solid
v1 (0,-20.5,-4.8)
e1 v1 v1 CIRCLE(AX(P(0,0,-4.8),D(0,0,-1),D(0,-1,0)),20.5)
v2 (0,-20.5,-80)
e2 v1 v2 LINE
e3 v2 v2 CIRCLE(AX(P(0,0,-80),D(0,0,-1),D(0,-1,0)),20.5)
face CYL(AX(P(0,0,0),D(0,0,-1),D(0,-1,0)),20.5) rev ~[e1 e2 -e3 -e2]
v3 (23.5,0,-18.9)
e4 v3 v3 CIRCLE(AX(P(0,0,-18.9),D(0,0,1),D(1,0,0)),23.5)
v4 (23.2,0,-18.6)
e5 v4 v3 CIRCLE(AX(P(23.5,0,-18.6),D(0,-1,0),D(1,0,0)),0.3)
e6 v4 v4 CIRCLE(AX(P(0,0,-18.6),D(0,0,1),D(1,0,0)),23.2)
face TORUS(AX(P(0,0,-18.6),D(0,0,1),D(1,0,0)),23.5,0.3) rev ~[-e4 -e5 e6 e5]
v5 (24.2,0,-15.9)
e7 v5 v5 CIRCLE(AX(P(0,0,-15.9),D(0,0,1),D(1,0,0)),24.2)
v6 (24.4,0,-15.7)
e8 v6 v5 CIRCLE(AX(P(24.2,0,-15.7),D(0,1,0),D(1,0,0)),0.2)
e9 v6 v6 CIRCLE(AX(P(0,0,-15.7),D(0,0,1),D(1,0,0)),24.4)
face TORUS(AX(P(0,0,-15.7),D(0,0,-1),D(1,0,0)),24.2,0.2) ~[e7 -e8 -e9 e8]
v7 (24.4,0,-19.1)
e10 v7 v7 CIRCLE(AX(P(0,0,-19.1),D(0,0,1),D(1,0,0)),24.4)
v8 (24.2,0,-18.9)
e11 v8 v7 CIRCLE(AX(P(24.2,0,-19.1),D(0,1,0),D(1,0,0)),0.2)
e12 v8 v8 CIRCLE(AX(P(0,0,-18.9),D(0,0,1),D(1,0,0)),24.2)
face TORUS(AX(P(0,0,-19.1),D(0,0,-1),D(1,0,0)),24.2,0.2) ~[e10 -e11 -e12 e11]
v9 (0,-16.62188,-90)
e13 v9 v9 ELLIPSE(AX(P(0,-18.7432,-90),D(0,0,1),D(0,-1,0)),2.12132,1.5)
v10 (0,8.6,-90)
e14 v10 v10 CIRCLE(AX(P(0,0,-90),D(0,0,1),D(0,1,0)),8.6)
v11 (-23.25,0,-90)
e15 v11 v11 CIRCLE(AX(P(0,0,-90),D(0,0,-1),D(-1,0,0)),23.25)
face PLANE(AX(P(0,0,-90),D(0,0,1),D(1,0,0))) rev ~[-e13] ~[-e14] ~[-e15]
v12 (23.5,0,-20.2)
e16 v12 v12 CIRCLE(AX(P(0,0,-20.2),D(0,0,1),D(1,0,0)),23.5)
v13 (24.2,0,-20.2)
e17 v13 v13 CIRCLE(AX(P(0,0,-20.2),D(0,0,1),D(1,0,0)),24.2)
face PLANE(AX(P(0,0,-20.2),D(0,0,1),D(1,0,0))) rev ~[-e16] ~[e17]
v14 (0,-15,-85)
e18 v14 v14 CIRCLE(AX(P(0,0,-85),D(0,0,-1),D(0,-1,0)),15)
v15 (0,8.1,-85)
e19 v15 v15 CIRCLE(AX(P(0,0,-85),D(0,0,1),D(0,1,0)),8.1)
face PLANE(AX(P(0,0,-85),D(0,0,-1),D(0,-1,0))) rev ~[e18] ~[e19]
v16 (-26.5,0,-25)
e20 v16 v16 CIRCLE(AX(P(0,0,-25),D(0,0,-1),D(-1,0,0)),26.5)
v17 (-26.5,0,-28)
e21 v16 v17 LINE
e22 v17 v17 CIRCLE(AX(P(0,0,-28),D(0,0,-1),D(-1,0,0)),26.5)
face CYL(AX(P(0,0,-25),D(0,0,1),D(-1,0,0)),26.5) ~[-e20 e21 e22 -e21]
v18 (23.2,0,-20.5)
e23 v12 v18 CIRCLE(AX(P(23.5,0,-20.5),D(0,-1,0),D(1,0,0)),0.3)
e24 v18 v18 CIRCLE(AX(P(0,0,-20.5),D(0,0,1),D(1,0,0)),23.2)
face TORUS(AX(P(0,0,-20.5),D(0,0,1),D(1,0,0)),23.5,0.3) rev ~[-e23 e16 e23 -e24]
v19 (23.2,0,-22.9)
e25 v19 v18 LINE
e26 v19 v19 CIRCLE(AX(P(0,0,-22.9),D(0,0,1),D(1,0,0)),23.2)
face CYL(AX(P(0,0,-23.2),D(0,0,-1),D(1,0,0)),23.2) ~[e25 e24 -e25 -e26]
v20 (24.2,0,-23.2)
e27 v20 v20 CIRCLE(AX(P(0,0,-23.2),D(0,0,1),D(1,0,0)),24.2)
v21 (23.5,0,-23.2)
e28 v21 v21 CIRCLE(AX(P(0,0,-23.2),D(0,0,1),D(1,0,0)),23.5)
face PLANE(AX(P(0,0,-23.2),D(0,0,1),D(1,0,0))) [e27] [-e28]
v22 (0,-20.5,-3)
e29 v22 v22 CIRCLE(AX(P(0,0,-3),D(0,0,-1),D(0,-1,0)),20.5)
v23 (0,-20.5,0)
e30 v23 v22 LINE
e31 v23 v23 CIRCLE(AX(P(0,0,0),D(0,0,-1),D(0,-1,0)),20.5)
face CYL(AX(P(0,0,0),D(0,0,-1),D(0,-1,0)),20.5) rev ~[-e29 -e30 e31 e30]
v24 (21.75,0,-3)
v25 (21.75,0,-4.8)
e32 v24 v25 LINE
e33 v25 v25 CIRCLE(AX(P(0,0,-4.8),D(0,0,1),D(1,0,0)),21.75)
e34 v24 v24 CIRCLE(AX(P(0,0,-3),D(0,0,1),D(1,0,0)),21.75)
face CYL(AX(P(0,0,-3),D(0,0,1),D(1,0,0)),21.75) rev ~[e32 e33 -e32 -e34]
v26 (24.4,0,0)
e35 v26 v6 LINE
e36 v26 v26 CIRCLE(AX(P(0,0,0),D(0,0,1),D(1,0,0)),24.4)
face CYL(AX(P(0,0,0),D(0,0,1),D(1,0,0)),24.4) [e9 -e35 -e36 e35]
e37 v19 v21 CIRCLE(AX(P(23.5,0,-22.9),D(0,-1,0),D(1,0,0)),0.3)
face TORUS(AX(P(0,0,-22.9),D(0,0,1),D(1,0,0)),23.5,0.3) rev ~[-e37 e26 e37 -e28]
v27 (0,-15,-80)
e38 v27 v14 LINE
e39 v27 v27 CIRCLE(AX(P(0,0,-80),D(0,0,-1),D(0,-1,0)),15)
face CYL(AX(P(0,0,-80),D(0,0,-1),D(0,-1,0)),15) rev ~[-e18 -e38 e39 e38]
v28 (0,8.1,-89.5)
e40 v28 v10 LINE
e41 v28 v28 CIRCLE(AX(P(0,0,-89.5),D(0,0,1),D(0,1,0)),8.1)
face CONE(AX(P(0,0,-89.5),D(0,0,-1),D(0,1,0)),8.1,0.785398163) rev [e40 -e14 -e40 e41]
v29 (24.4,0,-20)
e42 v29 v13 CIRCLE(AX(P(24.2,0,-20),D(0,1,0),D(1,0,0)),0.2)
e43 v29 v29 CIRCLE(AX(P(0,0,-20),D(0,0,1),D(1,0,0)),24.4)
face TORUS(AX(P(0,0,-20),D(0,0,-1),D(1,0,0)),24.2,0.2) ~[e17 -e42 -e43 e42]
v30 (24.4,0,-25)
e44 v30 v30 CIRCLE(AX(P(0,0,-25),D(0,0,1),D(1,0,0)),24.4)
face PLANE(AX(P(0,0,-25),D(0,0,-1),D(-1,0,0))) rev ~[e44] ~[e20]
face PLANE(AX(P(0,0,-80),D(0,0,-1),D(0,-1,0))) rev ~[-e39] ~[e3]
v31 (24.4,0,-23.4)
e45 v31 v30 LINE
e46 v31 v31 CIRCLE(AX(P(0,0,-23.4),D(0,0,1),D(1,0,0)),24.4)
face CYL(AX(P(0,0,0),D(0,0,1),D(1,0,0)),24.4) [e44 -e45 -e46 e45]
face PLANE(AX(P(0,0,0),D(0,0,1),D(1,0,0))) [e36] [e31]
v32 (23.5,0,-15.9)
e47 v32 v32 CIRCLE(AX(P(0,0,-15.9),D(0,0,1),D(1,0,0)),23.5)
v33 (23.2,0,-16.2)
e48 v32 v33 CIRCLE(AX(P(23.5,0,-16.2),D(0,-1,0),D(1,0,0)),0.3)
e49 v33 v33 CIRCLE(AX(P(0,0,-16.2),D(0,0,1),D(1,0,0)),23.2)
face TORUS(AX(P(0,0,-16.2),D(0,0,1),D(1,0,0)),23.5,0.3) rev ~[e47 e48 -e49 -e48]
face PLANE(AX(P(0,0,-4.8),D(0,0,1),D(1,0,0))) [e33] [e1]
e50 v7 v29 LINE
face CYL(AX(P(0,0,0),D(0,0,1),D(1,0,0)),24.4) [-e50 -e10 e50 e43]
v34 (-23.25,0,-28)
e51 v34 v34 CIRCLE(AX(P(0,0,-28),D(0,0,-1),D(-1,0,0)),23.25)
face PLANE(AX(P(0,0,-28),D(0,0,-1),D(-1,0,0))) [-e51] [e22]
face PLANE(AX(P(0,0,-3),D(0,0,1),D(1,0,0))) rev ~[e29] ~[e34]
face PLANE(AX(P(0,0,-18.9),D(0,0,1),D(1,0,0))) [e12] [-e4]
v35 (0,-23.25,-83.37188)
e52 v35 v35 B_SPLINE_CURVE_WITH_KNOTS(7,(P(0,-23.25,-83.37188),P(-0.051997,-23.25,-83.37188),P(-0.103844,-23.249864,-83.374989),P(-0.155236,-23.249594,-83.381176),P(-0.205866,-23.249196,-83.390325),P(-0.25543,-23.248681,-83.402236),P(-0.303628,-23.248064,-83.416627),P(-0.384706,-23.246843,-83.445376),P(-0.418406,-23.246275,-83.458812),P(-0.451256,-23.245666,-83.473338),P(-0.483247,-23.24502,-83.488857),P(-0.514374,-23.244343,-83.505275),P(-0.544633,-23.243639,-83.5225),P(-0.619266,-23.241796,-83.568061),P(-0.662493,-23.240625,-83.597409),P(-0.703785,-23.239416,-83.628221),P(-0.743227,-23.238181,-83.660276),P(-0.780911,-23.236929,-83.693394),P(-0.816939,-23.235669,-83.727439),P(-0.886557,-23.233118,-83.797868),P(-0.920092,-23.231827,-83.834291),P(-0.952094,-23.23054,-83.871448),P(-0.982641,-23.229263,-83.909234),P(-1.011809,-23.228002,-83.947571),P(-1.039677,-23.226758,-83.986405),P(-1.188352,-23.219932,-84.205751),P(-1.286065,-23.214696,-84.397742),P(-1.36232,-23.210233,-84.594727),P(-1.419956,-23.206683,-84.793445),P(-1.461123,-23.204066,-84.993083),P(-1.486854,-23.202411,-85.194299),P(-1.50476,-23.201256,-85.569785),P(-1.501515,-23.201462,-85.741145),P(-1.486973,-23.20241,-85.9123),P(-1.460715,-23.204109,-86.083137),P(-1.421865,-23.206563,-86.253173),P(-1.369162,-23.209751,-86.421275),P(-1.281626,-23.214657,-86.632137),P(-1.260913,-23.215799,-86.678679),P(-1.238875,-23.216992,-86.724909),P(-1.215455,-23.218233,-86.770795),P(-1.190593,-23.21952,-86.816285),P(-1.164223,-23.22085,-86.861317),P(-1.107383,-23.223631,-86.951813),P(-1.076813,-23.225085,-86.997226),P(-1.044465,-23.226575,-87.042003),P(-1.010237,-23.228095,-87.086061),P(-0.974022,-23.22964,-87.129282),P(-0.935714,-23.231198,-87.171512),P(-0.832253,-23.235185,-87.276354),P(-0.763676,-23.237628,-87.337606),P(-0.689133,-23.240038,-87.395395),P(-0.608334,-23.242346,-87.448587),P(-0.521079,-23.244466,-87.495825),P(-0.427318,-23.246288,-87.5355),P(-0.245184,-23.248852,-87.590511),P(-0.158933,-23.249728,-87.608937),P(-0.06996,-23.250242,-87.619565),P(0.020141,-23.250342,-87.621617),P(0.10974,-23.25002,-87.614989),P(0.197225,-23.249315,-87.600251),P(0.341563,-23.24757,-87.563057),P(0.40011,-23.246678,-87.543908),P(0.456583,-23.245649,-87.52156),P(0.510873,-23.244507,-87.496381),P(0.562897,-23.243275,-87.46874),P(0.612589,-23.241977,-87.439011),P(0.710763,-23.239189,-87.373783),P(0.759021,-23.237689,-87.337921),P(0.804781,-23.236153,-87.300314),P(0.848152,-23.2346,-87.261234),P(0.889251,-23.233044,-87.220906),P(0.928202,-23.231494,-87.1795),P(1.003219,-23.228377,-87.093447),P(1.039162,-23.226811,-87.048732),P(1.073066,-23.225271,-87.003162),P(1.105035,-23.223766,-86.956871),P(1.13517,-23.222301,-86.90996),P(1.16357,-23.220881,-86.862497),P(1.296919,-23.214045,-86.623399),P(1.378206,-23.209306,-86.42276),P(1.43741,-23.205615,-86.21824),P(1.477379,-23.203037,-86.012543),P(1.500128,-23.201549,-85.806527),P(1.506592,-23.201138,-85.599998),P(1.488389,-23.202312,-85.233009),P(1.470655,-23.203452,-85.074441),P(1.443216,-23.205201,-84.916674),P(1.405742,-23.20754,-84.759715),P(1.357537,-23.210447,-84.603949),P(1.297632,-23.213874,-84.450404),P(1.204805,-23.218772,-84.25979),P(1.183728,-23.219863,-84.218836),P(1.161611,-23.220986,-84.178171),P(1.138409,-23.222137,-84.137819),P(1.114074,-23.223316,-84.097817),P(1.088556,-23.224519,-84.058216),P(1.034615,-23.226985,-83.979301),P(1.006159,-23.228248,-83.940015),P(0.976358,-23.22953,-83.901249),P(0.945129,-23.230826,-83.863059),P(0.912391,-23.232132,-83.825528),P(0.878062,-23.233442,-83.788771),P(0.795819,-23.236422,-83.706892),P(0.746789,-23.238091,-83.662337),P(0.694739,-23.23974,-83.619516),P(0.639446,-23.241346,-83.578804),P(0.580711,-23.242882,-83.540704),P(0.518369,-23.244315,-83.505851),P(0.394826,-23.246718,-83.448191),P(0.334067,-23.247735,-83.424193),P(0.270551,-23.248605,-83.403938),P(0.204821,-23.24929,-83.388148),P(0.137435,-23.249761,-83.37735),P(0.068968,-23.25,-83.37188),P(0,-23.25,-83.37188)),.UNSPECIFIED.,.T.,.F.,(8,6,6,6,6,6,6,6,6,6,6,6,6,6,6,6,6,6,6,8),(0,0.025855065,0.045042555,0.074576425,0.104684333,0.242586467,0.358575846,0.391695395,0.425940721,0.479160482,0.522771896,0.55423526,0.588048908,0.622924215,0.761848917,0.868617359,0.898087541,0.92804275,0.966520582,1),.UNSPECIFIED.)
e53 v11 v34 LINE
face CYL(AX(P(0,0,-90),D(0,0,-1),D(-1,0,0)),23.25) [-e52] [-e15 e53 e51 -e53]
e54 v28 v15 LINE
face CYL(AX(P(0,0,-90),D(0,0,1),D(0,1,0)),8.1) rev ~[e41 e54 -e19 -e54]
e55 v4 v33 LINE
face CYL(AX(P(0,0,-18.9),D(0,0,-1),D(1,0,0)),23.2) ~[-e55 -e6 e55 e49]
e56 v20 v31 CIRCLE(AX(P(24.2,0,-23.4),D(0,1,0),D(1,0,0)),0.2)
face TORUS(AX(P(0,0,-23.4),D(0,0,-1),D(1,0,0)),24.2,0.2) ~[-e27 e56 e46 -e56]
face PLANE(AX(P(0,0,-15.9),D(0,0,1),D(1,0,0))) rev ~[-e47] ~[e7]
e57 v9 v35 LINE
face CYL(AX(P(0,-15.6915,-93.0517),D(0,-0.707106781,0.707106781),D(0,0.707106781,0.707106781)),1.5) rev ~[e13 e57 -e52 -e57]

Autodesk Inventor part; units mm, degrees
sketch "Skizze1" plane through (0, 0, 0) normal (0, 0, 1) x (1, 0, 0)
  circle A0 centre (0, 0) radius 24.4
  dimension "d0" = 48.8
extrude "Extrusion1" add sketch "Skizze1" against normal blind 90
sketch "Skizze5" plane through (0, 0, 0) normal (0, 0, 1) x (1, 0, 0)
  circle A0 centre (0, 0) radius 21.5
  dimension "d21" = 43
extrude "Extrusion2" [suppressed]
ref_plane "Arbeitsebene1" through (0, 0, -25) normal (0, 0, -1) x (-1, 0, 0)
sketch "Skizze6" plane through (0, 0, -25) normal (0, 0, -1) x (-1, 0, 0)
  circle A0 centre (0, 0) radius 26.5
  dimension "d25" = 53
extrude "Extrusion3" add sketch "Skizze6" along normal blind 3
ref_plane "Arbeitsebene2" through (0, 0, -23.2) normal (0, 0, 1) x (1, 0, 0)
sketch "Skizze7" plane through (0, 0, -23.2) normal (0, 0, 1) x (1, 0, 0)
  circle A0 centre (0, 0) radius 23.2
  circle A1 centre (0, 0) radius 24.4
  dimension "d29" = 46.4
extrude "Extrusion4" cut sketch "Skizze7" along normal blind 3
ref_plane "Arbeitsebene3" through (0, 0, -18.9) normal (0, 0, 1) x (1, 0, 0)
sketch "Skizze8" plane through (0, 0, -18.9) normal (0, 0, 1) x (1, 0, 0)
  circle A0 centre (0, 0) radius 23.2
  circle A1 centre (0, 0) radius 24.4
  dimension "d33" = 46.4
extrude "Extrusion5" cut sketch "Skizze8" along normal blind 3
fillet "Rundung1" radius 0.2 4 edges at (-24.4, 0, -23.2) (-24.4, 0, -20.2) (-24.4, 0, -18.9) (-24.4, 0, -15.9)
fillet "Rundung2" radius 0.3 4 edges at (-23.2, 0, -23.2) (-23.2, 0, -18.9) (-23.2, 0, -15.9) (-23.2, 0, -20.2)
sketch "Skizze3" plane through (0, 0, 0) normal (0, 0, 1) x (1, 0, 0)
  point P0 (0, 0)
  point P1 (0, 0)
hole "Bohrung2" at (0, 0, 0) direction (0, 0, -1) diameter 41 depth 80
sketch "Skizze14" plane through (0, 0, -90) normal (0, 0, -1) x (-1, 0, 0)
  point P0 (0, 0)
  point P1 (0, 0)
hole "Bohrung4" at (0, 0, -90) direction (0, 0, 1) diameter 16.2 depth 10
chamfer "Fase2" distance 0.5 angle 45 1 edges at (0, -8.1, -90)
sketch "Skizze15" plane through (0, 0, -80) normal (0, 0, 1) x (1, 0, 0)
  point P0 (0, 0)
  point P1 (0, 0)
hole "Bohrung5" at (0, 0, -80) direction (0, 0, -1) diameter 30 depth 5
sketch "Skizze16" plane through (0, 0, 0) normal (1, 0, 0) x (0, 1, 0)
  line L0 (-28.5003, -80.2428) -> (-15.6915, -93.0517)
  line L1 (-28.5003, -80.2428) -> (-10.3858, -80.2428) construction
  line L2 (-24.4, -28) -> (-24.4, -90) projected
  line L3 (-24.4, -90) -> (24.4, -90) projected
  point P0 (0, 0)
  dimension "d75" = 45
  dimension "d83" = 4
ref_plane "Arbeitsebene7" through (0, 0, -10) normal (-1, 0, 0) x (0, 0, 1)
ref_plane "Arbeitsebene9" through (0, -15.6915, -93.0517) normal (0, 0.7071, -0.7071) x (-1, 0, 0)
sketch "Skizze17" plane through (0, -15.6915, -93.0517) normal (0, 0.7071, -0.7071) x (-1, 0, 0)
  point P0 (0, 76.893)
sketch "Skizze18" plane through (0, -15.6915, -93.0517) normal (0, 0.7071, -0.7071) x (-1, 0, 0)
  point P0 (0, 76.893)
  point P1 (0, 0)
hole "Bohrung6" at (0, -15.6915, -93.0517) direction (0, -0.7071, 0.7071) diameter 3 end through all
sketch "Skizze19" plane through (0, 0, -90) normal (0, 0, -1) x (-1, 0, 0)
  circle A0 centre (0, 0) radius 23.25
  circle A1 centre (0, 0) radius 24.4 projected
  dimension "d84" = 46.5
extrude "Extrusion8" cut sketch "Skizze19" against normal up to surface (62 mm away)
ref_plane "Arbeitsebene10" through (0, 0, -3) normal (0, 0, 1) x (1, 0, 0)
sketch "Skizze20" plane through (0, 0, -3) normal (0, 0, 1) x (1, 0, 0)
  circle A0 centre (0, 0) radius 21.75
  dimension "d88" = 43.5
extrude "Extrusion9" cut sketch "Skizze20" against normal blind 1.8
properties part number "akkufach_lampe_neu"
